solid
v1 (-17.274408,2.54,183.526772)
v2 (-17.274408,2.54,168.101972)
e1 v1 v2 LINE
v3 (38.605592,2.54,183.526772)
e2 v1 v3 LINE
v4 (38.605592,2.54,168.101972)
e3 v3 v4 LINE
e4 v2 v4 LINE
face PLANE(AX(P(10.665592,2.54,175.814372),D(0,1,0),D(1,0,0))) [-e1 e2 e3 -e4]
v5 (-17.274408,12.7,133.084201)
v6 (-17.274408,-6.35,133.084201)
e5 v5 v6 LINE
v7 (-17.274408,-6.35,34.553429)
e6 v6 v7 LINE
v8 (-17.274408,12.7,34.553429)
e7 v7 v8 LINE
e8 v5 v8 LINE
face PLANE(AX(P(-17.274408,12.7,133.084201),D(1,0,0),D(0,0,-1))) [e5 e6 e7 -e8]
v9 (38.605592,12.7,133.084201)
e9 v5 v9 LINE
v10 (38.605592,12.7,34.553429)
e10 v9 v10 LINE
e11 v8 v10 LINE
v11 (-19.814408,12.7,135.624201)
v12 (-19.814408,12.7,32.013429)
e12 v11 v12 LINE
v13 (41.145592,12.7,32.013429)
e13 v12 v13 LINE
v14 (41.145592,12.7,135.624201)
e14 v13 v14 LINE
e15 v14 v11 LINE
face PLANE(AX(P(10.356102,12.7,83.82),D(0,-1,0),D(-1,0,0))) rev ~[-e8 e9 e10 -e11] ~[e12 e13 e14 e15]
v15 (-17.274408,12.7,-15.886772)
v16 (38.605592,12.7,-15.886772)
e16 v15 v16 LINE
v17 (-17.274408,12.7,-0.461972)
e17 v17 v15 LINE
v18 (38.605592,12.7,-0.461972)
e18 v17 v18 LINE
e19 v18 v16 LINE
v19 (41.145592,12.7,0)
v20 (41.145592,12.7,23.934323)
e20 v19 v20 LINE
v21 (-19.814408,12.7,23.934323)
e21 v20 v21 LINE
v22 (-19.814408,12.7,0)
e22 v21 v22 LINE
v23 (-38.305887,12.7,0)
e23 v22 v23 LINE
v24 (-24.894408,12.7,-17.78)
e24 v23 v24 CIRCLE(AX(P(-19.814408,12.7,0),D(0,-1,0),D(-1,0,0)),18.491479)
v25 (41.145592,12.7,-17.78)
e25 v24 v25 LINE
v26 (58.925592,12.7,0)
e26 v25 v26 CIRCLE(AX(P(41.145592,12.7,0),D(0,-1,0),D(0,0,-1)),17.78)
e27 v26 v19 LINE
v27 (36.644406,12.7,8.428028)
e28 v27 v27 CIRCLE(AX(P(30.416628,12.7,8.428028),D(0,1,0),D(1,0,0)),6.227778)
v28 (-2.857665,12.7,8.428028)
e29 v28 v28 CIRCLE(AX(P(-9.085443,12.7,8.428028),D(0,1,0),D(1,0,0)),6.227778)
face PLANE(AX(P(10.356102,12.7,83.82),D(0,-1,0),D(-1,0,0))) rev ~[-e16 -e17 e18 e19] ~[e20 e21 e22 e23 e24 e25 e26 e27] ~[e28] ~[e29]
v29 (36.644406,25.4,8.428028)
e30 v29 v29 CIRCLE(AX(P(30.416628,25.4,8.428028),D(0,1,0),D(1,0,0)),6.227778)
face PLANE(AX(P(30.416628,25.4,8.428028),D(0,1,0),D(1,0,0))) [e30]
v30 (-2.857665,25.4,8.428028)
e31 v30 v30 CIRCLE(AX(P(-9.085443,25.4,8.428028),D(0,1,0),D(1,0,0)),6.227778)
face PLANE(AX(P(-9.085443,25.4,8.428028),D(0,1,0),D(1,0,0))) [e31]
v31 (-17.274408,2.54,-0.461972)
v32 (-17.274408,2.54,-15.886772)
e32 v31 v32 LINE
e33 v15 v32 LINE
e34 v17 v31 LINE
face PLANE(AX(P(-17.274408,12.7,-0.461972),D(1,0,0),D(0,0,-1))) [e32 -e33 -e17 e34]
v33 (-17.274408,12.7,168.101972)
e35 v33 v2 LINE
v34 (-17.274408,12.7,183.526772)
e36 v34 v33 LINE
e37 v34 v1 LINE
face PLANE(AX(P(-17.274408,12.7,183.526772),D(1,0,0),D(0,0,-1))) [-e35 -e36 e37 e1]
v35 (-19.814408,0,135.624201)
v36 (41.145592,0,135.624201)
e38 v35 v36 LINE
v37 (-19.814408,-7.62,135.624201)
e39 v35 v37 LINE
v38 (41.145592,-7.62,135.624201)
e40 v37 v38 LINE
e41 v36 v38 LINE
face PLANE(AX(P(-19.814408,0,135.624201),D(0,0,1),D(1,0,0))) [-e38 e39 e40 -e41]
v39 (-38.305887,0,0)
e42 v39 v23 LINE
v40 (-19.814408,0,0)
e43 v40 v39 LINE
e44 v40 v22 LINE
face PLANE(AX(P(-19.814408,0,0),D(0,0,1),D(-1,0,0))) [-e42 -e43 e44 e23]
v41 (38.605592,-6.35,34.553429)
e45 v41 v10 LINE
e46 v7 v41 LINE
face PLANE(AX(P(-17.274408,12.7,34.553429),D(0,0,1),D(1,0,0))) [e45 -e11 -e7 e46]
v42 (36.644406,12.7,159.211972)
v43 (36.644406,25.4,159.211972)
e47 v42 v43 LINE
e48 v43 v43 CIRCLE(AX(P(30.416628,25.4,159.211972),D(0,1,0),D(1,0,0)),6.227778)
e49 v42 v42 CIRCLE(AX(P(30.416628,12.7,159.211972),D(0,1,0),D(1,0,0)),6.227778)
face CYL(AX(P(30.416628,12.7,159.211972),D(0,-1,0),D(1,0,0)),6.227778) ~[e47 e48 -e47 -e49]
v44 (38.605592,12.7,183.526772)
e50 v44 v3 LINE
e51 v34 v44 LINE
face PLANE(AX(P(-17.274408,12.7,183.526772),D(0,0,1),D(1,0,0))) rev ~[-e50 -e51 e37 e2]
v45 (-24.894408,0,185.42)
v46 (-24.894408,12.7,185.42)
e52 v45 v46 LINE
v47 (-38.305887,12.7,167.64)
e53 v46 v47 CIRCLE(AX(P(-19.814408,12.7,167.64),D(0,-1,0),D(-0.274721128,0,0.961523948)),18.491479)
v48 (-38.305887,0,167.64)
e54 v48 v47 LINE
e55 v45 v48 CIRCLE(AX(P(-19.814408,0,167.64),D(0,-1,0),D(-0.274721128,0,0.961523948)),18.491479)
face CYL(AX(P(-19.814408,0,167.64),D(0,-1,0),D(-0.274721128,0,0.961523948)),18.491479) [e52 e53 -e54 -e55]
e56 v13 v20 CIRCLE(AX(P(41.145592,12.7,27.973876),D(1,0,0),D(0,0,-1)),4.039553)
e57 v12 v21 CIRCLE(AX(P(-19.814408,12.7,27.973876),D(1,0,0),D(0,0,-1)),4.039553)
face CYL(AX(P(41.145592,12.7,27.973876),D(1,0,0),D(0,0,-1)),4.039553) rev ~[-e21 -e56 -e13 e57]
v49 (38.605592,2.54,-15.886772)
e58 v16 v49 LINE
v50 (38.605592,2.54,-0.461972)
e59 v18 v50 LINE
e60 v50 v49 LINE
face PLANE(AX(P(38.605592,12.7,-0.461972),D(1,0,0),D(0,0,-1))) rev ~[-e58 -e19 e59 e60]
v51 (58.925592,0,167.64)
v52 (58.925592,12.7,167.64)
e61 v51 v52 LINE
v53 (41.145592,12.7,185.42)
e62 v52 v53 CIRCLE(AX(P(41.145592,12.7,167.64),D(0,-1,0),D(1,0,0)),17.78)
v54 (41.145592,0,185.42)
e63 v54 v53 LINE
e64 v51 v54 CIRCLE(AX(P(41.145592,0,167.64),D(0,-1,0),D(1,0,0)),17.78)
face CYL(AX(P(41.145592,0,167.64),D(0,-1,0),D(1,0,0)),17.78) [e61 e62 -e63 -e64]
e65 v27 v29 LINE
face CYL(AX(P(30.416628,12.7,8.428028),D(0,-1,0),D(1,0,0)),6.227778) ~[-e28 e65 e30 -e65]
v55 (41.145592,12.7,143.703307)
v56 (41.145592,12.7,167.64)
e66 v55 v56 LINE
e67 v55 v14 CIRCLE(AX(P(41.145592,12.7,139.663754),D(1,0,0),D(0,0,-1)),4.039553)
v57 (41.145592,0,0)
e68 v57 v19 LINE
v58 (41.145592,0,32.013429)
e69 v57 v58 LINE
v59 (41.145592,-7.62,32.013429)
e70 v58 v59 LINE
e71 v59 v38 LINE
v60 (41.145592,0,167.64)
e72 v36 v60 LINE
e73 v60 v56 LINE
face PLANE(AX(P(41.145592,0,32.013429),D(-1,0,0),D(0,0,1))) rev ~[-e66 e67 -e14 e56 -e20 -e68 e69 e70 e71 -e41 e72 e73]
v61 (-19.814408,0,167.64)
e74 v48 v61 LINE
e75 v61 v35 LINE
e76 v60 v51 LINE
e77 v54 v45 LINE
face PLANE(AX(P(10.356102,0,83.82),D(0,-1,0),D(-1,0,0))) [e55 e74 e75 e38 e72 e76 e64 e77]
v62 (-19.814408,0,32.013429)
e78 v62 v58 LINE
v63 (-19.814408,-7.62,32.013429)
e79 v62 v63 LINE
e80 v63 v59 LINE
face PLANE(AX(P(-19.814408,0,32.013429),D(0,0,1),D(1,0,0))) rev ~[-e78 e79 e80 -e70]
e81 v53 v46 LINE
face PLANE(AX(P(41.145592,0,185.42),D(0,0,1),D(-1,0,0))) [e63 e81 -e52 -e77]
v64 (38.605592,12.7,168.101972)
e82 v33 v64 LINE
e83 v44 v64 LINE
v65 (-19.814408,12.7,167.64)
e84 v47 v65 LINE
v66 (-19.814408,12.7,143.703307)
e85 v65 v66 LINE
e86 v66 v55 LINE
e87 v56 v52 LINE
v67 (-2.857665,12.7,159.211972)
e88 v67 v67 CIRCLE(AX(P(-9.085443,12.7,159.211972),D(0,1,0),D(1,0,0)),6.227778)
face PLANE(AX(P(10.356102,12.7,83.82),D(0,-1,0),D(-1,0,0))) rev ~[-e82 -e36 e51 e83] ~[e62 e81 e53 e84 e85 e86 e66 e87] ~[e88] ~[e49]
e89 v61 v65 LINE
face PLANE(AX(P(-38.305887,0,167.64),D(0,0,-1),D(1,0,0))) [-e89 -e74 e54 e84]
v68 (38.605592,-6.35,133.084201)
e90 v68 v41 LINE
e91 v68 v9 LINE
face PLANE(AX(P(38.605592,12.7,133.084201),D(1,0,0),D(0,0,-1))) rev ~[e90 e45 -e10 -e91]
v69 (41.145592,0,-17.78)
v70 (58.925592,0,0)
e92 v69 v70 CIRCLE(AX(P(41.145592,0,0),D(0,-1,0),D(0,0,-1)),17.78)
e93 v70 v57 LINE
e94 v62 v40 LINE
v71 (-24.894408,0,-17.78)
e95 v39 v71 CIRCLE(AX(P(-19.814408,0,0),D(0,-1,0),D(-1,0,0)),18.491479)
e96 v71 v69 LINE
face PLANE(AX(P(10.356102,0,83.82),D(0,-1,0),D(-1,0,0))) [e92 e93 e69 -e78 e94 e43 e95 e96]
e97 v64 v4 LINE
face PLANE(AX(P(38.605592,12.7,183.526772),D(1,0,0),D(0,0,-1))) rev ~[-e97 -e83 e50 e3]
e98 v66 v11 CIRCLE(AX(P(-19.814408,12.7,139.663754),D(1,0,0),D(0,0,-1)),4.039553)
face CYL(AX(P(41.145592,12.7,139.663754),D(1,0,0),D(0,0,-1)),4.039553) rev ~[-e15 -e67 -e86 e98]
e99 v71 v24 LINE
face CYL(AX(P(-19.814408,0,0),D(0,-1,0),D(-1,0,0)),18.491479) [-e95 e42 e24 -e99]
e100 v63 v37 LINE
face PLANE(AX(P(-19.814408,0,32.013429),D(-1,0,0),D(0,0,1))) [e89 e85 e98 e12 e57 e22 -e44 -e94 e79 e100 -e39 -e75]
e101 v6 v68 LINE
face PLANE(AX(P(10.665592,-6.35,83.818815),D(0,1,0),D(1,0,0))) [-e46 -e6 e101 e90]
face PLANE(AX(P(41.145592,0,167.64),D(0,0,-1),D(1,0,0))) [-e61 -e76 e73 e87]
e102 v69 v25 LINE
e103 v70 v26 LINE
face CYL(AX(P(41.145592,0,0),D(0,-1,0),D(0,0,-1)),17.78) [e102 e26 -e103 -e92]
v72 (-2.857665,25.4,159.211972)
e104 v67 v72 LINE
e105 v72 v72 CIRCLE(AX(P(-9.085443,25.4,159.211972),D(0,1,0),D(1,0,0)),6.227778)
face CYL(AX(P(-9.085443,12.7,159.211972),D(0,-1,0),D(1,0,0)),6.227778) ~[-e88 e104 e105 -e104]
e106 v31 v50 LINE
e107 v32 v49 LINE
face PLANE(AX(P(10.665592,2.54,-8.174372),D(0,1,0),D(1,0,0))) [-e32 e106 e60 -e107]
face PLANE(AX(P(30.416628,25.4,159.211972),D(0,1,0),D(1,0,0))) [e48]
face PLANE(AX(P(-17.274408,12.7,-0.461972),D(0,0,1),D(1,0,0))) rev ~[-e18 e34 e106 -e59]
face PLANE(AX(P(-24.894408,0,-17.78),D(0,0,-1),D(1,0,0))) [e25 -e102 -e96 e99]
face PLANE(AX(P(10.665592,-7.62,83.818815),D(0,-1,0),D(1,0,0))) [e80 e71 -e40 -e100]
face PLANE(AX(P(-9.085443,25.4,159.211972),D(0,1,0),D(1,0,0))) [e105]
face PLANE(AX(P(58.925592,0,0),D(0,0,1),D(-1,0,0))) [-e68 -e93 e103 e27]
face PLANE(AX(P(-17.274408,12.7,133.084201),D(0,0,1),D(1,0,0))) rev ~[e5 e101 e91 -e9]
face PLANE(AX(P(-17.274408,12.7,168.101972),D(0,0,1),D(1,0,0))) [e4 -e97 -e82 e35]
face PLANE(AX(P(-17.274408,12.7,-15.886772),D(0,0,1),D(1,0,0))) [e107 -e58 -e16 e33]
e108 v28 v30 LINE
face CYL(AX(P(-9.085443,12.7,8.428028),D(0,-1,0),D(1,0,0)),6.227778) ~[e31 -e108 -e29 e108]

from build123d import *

# Parameters (mm, degrees)
BOSS_EXTRUDE1_DEPTH     = 12.7
SKETCH3_R               = 4.039553008
CUT_EXTRUDE1_DEPTH      = 80.451479119
SKETCH4_R               = 6.227777938
BOSS_EXTRUDE3_DEPTH     = 12.7
SKETCH5_W               = 55.88
SKETCH5_H               = 98.530771833
CUT_EXTRUDE2_DEPTH      = 13.7
CUT_EXTRUDE2_DEPTH_BACK = 13.7
SKETCH6_W               = 55.88
SKETCH6_H               = 15.424799931
CUT_EXTRUDE3_DEPTH      = 10.16
SKETCH7_W               = 60.96
SKETCH7_H               = 103.610771833
BOSS_EXTRUDE4_DEPTH     = 7.62
SKETCH8_W               = 55.88
SKETCH8_H               = 98.530771833
CUT_EXTRUDE4_DEPTH      = 6.35


with BuildPart() as part:
    # Sketch1 → Boss-Extrude1 (new body)
    with BuildSketch(Plane(origin=(0, 0, 0), x_dir=(1, 0, 0), z_dir=(0, 1, 0))):
        with BuildLine():
            Line((-24.894407518, 17.78), (41.145592482, 17.78))
            ThreePointArc((41.145592482, 17.78), (53.717951052, 12.572358569), (58.925592482, 0))
            Line((58.925592482, 0), (41.145592482, 0))
            Line((41.145592482, 0), (41.145592482, -167.64))
            Line((41.145592482, -167.64), (58.925592482, -167.64))
            ThreePointArc((58.925592482, -167.64), (53.717951052, -180.212358569), (41.145592482, -185.42))
            Line((41.145592482, -185.42), (-24.894407518, -185.42))
            ThreePointArc((-24.894407518, -185.42), (-34.577054874, -178.775485757), (-38.305886636, -167.64))
            Line((-38.305886636, -167.64), (-19.814407518, -167.64))
            Line((-19.814407518, -167.64), (-19.814407518, 0))
            Line((-19.814407518, 0), (-38.305886636, 0))
            ThreePointArc((-38.305886636, 0), (-34.577054874, 11.135485757), (-24.894407518, 17.78))
        make_face()
    extrude(amount=BOSS_EXTRUDE1_DEPTH)

    # Sketch3 → Cut-Extrude1 (cut, through all)
    with BuildSketch(Plane(origin=(41.145592482, 0, 0), x_dir=(0, 0, -1), z_dir=(1, 0, 0))):
        with Locations((-139.663754312, 12.7)):
            Circle(SKETCH3_R)
        with Locations((-27.973876463, 12.7)):
            Circle(SKETCH3_R)
    extrude(amount=-CUT_EXTRUDE1_DEPTH, mode=Mode.SUBTRACT)

    # Sketch4 → Boss-Extrude3 (add)
    with BuildSketch(Plane(origin=(0, 12.7, 0), x_dir=(1, 0, 0), z_dir=(0, 1, 0))):
        with Locations((30.41662766, -8.42802752)):
            Circle(SKETCH4_R)
        with Locations((30.41662766, -159.21197248)):
            Circle(SKETCH4_R)
        with Locations((-9.085442695, -159.21197248)):
            Circle(SKETCH4_R)
        with Locations((-9.085442695, -8.42802752)):
            Circle(SKETCH4_R)
    extrude(amount=BOSS_EXTRUDE3_DEPTH)

    # Sketch5 → Cut-Extrude2 (cut, two sides)
    with BuildSketch(Plane(origin=(0, 12.7, 0), x_dir=(1, 0, 0), z_dir=(0, 1, 0))) as cut_extrude2_sk:
        with Locations((10.665592482, -83.818815387)):
            Rectangle(SKETCH5_W, SKETCH5_H)
    extrude(amount=CUT_EXTRUDE2_DEPTH, mode=Mode.SUBTRACT)
    extrude(cut_extrude2_sk.sketch, amount=-CUT_EXTRUDE2_DEPTH_BACK, mode=Mode.SUBTRACT)

    # Sketch6 → Cut-Extrude3 (cut)
    with BuildSketch(Plane(origin=(0, 12.7, 0), x_dir=(1, 0, 0), z_dir=(0, 1, 0))):
        with Locations((10.665592482, -175.814372445)):
            Rectangle(SKETCH6_W, SKETCH6_H)
        with Locations((10.665592482, 8.174372446)):
            Rectangle(SKETCH6_W, SKETCH6_H)
    extrude(amount=-CUT_EXTRUDE3_DEPTH, mode=Mode.SUBTRACT)

    # Sketch7 → Boss-Extrude4 (add)
    with BuildSketch(Plane.XZ):
        with Locations((10.665592482, 83.818815387)):
            Rectangle(SKETCH7_W, SKETCH7_H)
    extrude(amount=BOSS_EXTRUDE4_DEPTH)

    # Sketch8 → Cut-Extrude4 (cut, symmetric)
    with BuildSketch(Plane(origin=(0, 0, 0), x_dir=(1, 0, 0), z_dir=(0, 1, 0))):
        with Locations((10.665592482, -83.818815387)):
            Rectangle(SKETCH8_W, SKETCH8_H)
    extrude(amount=CUT_EXTRUDE4_DEPTH, both=True, mode=Mode.SUBTRACT)


solid = part.part
